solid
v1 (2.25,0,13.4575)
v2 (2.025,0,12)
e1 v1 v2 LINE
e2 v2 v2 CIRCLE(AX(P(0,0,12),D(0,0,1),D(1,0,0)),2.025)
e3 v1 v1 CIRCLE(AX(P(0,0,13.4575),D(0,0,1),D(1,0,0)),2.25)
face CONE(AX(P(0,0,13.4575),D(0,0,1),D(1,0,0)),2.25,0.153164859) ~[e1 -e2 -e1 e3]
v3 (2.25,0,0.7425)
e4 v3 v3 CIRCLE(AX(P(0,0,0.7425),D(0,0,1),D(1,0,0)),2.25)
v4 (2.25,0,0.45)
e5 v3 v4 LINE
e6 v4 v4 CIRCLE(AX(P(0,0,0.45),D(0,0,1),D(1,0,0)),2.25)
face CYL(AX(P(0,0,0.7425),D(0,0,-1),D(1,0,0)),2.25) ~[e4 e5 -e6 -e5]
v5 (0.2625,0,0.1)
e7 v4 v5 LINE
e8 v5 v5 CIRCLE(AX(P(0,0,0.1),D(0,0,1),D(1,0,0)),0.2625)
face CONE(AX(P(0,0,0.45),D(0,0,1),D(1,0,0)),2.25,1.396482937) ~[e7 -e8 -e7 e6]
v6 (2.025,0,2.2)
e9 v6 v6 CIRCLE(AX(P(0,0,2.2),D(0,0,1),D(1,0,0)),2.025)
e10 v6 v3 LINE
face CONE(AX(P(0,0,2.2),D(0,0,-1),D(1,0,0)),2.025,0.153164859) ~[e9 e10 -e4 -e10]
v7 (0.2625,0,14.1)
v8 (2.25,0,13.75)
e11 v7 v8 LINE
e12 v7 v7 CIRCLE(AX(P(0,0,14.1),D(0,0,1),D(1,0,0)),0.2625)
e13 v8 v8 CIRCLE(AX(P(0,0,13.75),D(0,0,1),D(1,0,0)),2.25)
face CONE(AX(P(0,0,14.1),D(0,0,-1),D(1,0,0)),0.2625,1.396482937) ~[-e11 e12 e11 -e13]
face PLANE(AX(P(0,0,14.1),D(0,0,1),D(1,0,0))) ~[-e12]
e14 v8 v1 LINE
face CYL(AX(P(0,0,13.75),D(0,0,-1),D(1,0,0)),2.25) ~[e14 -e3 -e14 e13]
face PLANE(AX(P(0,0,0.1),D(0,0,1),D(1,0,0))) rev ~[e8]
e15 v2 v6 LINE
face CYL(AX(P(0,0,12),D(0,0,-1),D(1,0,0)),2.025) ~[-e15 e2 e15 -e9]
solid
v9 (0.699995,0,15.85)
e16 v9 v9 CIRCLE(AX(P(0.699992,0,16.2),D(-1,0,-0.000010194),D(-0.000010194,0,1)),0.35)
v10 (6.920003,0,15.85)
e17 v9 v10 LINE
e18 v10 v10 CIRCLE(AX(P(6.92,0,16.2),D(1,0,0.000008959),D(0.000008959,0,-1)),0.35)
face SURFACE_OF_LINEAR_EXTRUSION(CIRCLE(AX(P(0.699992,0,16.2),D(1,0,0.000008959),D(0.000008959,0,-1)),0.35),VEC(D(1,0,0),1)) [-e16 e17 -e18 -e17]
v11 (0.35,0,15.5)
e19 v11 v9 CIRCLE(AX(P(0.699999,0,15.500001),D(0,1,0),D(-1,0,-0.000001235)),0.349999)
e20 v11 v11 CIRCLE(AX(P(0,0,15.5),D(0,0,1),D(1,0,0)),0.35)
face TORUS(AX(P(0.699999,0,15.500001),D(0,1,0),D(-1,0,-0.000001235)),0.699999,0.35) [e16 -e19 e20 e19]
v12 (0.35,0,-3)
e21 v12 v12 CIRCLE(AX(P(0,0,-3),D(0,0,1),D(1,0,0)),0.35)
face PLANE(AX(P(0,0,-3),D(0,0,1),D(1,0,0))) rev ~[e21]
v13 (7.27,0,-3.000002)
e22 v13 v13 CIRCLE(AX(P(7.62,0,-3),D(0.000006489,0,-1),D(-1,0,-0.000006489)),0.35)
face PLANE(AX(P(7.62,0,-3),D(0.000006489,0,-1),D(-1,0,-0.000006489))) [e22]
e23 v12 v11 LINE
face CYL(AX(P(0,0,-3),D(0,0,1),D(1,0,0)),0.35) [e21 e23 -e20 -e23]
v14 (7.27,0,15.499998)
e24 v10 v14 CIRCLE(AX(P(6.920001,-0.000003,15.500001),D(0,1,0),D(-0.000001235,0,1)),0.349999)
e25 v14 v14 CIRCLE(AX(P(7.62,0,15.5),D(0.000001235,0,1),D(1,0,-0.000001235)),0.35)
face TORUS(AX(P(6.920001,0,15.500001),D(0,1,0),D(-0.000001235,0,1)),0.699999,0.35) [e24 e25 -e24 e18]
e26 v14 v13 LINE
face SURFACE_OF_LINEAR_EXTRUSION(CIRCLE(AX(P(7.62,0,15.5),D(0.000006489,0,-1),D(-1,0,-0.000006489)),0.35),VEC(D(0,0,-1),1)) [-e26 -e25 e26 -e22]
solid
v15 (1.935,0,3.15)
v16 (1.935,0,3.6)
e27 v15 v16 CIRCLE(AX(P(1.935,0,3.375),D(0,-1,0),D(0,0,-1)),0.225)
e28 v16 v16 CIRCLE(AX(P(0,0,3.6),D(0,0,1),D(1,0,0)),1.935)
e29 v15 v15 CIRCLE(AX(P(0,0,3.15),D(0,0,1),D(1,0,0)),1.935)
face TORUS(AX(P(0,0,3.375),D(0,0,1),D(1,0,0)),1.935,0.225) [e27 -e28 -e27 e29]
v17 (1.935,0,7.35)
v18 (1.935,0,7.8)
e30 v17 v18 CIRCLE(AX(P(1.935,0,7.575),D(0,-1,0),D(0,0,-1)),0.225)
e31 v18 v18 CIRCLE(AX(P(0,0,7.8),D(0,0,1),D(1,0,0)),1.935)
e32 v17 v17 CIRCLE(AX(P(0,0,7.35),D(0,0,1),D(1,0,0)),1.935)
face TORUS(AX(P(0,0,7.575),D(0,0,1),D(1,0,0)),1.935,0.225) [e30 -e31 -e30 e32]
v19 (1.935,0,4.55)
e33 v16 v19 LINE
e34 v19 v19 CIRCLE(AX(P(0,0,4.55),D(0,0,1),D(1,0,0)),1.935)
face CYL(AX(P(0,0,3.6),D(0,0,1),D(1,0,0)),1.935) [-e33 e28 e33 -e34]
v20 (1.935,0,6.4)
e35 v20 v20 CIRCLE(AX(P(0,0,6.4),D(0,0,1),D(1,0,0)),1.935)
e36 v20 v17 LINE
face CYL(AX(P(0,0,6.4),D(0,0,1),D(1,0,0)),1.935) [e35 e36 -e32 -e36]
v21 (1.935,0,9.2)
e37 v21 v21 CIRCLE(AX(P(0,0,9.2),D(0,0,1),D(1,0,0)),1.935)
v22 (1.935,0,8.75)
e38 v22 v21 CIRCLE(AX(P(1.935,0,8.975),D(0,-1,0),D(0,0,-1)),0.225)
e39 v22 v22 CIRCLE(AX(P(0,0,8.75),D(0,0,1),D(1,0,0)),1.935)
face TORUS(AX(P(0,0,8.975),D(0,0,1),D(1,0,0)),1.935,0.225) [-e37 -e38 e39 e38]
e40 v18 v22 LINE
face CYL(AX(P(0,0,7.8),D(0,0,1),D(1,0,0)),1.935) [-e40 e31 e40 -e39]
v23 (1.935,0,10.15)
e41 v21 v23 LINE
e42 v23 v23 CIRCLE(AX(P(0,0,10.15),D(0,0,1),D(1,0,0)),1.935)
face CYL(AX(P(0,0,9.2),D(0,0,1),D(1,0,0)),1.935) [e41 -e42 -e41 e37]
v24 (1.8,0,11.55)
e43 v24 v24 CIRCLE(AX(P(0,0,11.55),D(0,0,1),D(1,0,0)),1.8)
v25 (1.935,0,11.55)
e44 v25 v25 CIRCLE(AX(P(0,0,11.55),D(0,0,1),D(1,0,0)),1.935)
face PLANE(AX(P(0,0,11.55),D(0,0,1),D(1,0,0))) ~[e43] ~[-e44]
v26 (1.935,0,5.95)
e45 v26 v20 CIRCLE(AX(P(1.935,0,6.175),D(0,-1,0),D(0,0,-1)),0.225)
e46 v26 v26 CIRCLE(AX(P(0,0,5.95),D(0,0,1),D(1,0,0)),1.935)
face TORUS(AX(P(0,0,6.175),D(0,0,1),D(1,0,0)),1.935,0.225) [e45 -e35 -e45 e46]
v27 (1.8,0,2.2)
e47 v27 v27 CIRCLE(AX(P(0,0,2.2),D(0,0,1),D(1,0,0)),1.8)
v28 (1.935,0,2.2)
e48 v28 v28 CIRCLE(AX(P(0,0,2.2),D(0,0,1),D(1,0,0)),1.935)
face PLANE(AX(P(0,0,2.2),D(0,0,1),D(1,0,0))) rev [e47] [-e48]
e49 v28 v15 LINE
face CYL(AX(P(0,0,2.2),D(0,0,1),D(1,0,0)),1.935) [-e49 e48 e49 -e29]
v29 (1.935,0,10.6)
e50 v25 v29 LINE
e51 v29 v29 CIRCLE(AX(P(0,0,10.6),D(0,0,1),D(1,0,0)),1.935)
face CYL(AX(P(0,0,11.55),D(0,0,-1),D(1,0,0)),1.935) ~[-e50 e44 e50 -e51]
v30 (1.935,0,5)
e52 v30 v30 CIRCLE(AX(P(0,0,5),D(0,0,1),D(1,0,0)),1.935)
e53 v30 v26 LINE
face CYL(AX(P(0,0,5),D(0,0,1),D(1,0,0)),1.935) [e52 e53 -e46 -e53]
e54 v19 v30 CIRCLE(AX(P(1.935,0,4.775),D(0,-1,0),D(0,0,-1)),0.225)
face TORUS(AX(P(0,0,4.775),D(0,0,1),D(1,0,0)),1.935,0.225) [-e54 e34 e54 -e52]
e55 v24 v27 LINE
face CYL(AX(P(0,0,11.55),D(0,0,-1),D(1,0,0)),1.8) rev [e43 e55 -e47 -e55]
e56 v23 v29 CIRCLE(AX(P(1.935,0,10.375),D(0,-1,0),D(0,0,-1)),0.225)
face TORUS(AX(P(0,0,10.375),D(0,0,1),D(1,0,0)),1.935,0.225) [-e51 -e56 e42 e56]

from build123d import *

# Parameters (mm, degrees)
SKETCH_R = 0.35


with BuildPart() as sweep_body:
    # Sweep: sweep along a path in Sketch001
    with BuildLine(Plane.XZ) as sweep_path:
        Line((0, -3), (0, 15.5))
        ThreePointArc((0, 15.5), (0.205022, 15.994972), (0.699992, 16.2))
        Line((0.699992, 16.2), (6.92, 16.2))
        ThreePointArc((6.92, 16.2), (7.414975, 15.994975), (7.62, 15.5))
        Line((7.62, 15.5), (7.62, -3))
    # Sketch → Sweep (sweep)
    with BuildSketch(Plane.XY.offset(-2)):
        Circle(SKETCH_R)
    sweep(path=sweep_path.line)


with BuildPart() as revolution:
    # Sketch002 → Revolution (revolve)
    with BuildSketch(Plane.XZ):
        Polygon((0, 0.1), (0, 14.1), (0.2625, 14.1), (2.25, 13.75), (2.25, 13.4575), (2.025, 12), (2.025, 2.2), (2.25, 0.7425), (2.25, 0.45), (0.2625, 0.1), align=None)
    revolve(axis=Axis((0, 0, 0), (0, 0, 1)))


with BuildPart() as revolution001:
    # Sketch003 → Revolution001 (revolve)
    with BuildSketch(Plane.XZ):
        with BuildLine():
            Line((1.8, 11.55), (1.8, 2.2))
            Line((1.8, 2.2), (1.935, 2.2))
            Line((1.935, 2.2), (1.935, 3.15))
            ThreePointArc((1.935, 3.15), (2.16, 3.375), (1.935, 3.6))
            Line((1.935, 3.6), (1.935, 4.55))
            ThreePointArc((1.935, 4.55), (2.16, 4.775), (1.935, 5))
            Line((1.935, 5), (1.935, 5.95))
            ThreePointArc((1.935, 5.95), (2.16, 6.175), (1.935, 6.4))
            Line((1.935, 6.4), (1.935, 7.35))
            ThreePointArc((1.935, 7.35), (2.16, 7.575), (1.935, 7.8))
            Line((1.935, 7.8), (1.935, 8.75))
            ThreePointArc((1.935, 8.75), (2.16, 8.975), (1.935, 9.2))
            Line((1.935, 9.2), (1.935, 10.15))
            ThreePointArc((1.935, 10.15), (2.16, 10.375), (1.935, 10.6))
            Line((1.935, 11.55), (1.935, 10.6))
            Line((1.8, 11.55), (1.935, 11.55))
        make_face()
    revolve(axis=Axis((0, 0, 0), (0, 0, 1)))


solid = Compound([sweep_body.part, revolution.part, revolution001.part])
